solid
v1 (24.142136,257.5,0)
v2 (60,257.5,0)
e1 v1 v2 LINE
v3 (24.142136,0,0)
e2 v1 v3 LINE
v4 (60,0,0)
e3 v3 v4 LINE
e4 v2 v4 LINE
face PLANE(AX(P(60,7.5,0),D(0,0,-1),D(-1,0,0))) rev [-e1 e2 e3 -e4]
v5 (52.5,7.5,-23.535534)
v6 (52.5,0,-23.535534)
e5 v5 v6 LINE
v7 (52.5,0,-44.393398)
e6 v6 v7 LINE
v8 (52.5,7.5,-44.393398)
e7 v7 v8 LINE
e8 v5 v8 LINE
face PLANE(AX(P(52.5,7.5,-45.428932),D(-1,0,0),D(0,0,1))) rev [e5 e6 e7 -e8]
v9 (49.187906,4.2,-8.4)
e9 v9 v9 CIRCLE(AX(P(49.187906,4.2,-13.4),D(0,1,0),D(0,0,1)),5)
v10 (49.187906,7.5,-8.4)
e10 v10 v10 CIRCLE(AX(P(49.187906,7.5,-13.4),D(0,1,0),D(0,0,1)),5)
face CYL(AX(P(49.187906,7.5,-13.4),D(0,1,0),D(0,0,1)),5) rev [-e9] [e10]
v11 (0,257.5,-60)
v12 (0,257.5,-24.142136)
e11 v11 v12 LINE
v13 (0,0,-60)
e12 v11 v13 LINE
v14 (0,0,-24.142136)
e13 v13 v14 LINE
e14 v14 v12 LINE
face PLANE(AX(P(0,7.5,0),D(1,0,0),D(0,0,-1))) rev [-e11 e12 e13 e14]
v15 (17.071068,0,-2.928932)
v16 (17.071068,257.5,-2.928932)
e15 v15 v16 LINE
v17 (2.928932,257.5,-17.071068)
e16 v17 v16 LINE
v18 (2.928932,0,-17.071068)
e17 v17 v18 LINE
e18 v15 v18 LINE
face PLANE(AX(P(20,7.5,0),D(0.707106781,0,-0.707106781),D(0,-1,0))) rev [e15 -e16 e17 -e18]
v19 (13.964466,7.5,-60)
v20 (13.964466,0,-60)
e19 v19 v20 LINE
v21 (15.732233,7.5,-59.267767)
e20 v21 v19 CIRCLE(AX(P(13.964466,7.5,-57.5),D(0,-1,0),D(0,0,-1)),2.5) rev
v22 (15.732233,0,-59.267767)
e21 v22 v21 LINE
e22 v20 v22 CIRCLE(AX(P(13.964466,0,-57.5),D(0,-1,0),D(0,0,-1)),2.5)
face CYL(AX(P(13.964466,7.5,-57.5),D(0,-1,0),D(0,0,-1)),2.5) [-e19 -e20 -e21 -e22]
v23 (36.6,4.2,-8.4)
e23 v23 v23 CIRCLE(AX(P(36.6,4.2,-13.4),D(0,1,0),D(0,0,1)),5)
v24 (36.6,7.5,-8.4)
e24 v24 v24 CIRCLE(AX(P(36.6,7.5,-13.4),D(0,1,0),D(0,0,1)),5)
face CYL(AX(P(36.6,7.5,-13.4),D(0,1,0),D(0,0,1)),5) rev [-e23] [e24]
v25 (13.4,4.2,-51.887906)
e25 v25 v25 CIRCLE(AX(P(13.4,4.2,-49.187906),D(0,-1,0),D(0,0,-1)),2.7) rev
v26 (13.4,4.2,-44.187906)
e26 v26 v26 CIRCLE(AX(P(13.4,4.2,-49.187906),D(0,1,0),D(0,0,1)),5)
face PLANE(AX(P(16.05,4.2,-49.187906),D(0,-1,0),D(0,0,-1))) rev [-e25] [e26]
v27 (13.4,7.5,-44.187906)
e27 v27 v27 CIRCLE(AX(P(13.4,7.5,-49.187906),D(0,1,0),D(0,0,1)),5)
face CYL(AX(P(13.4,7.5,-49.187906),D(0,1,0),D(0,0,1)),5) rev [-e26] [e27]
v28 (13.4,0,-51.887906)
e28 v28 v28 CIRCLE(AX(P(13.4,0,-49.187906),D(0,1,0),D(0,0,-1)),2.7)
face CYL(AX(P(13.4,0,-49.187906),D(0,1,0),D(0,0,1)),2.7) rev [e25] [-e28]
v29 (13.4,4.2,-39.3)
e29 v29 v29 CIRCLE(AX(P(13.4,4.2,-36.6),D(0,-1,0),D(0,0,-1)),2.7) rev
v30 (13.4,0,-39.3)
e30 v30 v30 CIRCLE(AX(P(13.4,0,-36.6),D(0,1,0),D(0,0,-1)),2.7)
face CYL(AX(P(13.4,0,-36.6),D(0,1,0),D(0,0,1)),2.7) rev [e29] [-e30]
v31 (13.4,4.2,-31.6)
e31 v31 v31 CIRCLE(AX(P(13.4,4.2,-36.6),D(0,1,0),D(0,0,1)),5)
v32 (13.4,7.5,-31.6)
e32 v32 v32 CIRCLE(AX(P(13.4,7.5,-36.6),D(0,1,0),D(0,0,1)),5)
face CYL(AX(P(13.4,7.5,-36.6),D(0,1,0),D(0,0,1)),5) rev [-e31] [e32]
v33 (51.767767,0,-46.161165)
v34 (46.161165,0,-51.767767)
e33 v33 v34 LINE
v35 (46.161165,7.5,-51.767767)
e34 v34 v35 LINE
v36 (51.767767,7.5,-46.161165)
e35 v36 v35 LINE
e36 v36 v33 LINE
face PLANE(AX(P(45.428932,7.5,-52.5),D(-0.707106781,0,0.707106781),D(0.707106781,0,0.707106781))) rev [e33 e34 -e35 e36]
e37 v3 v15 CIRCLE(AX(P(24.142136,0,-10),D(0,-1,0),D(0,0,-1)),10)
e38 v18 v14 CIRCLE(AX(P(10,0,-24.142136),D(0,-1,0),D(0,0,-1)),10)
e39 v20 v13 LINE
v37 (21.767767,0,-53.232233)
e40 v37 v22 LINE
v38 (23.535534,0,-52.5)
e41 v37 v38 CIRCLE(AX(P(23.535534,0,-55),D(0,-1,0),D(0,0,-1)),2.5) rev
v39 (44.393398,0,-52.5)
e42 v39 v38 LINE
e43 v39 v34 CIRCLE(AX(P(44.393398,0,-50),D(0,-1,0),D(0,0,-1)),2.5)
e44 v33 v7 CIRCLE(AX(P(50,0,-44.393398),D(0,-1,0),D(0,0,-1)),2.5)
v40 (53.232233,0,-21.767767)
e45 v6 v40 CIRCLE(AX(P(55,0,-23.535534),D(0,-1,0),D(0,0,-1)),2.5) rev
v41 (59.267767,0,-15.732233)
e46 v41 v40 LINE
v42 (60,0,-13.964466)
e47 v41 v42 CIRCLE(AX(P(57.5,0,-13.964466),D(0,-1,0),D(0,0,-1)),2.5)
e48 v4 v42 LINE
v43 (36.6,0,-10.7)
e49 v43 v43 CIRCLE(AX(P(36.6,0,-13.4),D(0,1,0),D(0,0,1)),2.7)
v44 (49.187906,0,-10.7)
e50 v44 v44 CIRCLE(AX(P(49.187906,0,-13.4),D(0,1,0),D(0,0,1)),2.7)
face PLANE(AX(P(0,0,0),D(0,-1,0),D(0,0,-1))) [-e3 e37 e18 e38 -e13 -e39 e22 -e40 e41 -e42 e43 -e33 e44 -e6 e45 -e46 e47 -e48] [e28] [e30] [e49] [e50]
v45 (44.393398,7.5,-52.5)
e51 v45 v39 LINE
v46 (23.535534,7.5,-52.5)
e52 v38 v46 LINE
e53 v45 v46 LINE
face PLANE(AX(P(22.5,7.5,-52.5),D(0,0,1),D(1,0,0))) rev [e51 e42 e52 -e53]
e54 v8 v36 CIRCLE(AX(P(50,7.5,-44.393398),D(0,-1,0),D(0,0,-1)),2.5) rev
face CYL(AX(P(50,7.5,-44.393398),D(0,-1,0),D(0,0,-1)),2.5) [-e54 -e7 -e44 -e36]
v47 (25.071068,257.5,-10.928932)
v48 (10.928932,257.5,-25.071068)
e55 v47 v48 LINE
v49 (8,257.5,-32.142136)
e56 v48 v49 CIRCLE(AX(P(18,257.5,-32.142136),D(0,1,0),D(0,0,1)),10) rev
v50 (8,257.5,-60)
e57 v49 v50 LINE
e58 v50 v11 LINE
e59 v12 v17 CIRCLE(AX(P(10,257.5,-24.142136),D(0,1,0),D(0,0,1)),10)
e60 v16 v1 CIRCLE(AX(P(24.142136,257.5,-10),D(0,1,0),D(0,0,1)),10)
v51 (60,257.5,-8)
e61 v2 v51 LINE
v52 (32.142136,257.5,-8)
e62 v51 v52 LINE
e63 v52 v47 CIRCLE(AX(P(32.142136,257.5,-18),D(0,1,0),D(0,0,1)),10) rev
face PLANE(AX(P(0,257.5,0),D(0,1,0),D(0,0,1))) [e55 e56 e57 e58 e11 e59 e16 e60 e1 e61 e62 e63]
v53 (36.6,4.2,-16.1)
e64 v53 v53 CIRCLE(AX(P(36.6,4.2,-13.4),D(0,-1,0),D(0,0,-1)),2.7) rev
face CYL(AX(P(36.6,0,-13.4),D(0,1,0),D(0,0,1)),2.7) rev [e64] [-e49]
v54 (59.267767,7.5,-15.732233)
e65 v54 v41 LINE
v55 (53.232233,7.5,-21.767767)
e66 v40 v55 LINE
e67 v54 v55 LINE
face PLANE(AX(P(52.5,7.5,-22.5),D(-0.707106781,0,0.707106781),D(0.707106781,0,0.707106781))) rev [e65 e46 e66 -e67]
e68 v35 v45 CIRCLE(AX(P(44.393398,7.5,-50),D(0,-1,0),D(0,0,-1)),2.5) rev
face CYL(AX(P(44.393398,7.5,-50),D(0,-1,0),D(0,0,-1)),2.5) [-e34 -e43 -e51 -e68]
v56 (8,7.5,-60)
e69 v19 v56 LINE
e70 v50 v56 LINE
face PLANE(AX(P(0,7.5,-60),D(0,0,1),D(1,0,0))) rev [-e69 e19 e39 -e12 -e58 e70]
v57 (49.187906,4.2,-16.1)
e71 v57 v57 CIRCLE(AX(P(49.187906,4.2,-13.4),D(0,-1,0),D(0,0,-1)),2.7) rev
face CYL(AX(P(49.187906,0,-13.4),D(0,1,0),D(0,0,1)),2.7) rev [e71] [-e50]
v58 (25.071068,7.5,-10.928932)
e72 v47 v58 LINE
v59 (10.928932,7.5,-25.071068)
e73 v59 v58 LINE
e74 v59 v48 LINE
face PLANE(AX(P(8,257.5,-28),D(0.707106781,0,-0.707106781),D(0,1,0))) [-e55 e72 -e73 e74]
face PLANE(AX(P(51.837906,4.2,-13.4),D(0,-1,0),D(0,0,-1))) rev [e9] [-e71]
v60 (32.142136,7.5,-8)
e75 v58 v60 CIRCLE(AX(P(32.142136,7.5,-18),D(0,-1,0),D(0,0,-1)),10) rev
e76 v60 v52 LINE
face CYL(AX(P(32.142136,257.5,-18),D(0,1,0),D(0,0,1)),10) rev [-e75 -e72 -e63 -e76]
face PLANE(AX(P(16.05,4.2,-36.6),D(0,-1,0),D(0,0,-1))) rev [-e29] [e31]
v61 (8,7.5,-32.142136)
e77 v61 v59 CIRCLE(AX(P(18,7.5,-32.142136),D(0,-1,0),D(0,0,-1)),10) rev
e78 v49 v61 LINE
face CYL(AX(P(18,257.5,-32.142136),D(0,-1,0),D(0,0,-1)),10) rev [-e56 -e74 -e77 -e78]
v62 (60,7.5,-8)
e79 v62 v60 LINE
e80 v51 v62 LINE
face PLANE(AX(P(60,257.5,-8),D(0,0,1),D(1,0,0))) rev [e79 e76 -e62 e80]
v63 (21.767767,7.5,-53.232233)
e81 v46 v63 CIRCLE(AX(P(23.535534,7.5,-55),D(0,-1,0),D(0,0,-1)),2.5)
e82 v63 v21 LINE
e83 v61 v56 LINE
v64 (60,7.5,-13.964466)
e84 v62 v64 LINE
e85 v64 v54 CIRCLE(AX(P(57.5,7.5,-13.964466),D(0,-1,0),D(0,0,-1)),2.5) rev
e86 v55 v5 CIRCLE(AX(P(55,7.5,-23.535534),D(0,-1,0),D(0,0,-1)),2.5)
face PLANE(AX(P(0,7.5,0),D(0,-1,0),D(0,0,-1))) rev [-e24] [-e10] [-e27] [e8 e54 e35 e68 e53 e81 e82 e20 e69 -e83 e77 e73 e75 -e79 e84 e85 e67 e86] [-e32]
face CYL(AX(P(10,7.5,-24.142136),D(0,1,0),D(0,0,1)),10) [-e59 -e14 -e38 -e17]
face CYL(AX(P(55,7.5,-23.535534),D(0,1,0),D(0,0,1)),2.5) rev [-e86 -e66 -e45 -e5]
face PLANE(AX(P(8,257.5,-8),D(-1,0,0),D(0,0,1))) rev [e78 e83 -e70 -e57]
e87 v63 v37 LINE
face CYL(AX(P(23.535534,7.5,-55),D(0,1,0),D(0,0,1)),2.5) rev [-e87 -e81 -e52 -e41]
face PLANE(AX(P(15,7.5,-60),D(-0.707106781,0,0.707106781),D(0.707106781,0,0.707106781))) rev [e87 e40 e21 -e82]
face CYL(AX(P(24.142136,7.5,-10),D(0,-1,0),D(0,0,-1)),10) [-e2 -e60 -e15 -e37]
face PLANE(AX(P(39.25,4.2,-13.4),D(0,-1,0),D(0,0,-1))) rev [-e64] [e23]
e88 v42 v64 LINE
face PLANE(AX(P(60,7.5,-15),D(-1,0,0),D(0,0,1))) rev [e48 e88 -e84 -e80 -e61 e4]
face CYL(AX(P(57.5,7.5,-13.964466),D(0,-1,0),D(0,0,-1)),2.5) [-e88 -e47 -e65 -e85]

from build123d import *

# Parameters (mm, degrees)
BOSS_EXTRUDE1_DEPTH                                  = 7.5
FILLET1_R                                            = 2.5
BOSS_EXTRUDE2_DEPTH                                  = 250
CHAMFER1_SIZE                                        = 20
FILLET2_R                                            = 10
SKETCH3_R                                            = 2.7
CUT_EXTRUDE1_DEPTH                                   = 265.007575649
REFRENTADO_PARA_TORNILLO_CON_CABEZA_PLAN_D           = 5.3
REFRENTADO_PARA_TORNILLO_CON_CABEZA_PLAN_CBORE_D     = 10
REFRENTADO_PARA_TORNILLO_CON_CABEZA_PLAN_CBORE_DEPTH = 3.3


with BuildPart() as part:
    # Sketch1 → Boss-Extrude1 (new body)
    with BuildSketch(Plane(origin=(0, 0, 0), x_dir=(1, 0, 0), z_dir=(0, 1, 0))):
        Polygon((0, 0), (0, 60), (15, 60), (22.5, 52.5), (45.428932188, 52.5), (52.5, 45.428932188), (52.5, 22.5), (60, 15), (60, 0), align=None)
    extrude(amount=BOSS_EXTRUDE1_DEPTH)

    # Fillet1
    fillet1_edges = [part.edges().sort_by_distance(p)[0] for p in [
        (15, 3.75, -60),
        (22.5, 3.75, -52.5),
        (45.428932188, 3.75, -52.5),
        (52.5, 3.75, -45.428932188),
        (52.5, 3.75, -22.5),
        (60, 3.75, -15),
    ]]
    fillet(fillet1_edges, radius=FILLET1_R)

    # Sketch2 → Boss-Extrude2 (add)
    with BuildSketch(Plane(origin=(0, 7.5, 0), x_dir=(1, 0, 0), z_dir=(0, 1, 0))):
        Polygon((0, 60), (0, 0), (60, 0), (60, 8), (8, 8), (8, 60), align=None)
    extrude(amount=BOSS_EXTRUDE2_DEPTH)

    # Chamfer1
    chamfer1_edges = [part.edges().sort_by_distance(p)[0] for p in [
        (0, 128.75, 0),
        (8, 132.5, -8),
    ]]
    chamfer(chamfer1_edges, length=CHAMFER1_SIZE)

    # Fillet2
    fillet2_edges = [part.edges().sort_by_distance(p)[0] for p in [
        (20, 128.75, 0),
        (0, 128.75, -20),
        (8, 132.5, -28),
        (28, 132.5, -8),
    ]]
    fillet(fillet2_edges, radius=FILLET2_R)

    # Sketch3 → Cut-Extrude1 (cut, through all)
    with BuildSketch(Plane(origin=(0, 7.5, 0), x_dir=(1, 0, 0), z_dir=(0, 1, 0))):
        with Locations(Location((36.6, 13.4, 0), (0, 0, 270))):
            Circle(SKETCH3_R)
        with Locations(Location((49.187905991, 13.4, 0), (0, 0, 270))):
            Circle(SKETCH3_R)
        with Locations(Location((13.4, 49.187905991, 0), (0, 0, 90))):
            Circle(SKETCH3_R)
        with Locations(Location((13.4, 36.6, 0), (0, 0, 90))):
            Circle(SKETCH3_R)
    extrude(amount=-CUT_EXTRUDE1_DEPTH, mode=Mode.SUBTRACT)

    # Refrentado para tornillo con cabeza plana de M51 (through all)
    with Locations(Plane(origin=(0, 7.5, 0), x_dir=(1, 0, 0), z_dir=(0, 1, 0))):
        with Locations((13.4, 49.187905991), (13.4, 36.6), (36.6, 13.4), (49.187905991, 13.4)):
            CounterBoreHole(REFRENTADO_PARA_TORNILLO_CON_CABEZA_PLAN_D / 2, REFRENTADO_PARA_TORNILLO_CON_CABEZA_PLAN_CBORE_D / 2, REFRENTADO_PARA_TORNILLO_CON_CABEZA_PLAN_CBORE_DEPTH)


solid = part.part
